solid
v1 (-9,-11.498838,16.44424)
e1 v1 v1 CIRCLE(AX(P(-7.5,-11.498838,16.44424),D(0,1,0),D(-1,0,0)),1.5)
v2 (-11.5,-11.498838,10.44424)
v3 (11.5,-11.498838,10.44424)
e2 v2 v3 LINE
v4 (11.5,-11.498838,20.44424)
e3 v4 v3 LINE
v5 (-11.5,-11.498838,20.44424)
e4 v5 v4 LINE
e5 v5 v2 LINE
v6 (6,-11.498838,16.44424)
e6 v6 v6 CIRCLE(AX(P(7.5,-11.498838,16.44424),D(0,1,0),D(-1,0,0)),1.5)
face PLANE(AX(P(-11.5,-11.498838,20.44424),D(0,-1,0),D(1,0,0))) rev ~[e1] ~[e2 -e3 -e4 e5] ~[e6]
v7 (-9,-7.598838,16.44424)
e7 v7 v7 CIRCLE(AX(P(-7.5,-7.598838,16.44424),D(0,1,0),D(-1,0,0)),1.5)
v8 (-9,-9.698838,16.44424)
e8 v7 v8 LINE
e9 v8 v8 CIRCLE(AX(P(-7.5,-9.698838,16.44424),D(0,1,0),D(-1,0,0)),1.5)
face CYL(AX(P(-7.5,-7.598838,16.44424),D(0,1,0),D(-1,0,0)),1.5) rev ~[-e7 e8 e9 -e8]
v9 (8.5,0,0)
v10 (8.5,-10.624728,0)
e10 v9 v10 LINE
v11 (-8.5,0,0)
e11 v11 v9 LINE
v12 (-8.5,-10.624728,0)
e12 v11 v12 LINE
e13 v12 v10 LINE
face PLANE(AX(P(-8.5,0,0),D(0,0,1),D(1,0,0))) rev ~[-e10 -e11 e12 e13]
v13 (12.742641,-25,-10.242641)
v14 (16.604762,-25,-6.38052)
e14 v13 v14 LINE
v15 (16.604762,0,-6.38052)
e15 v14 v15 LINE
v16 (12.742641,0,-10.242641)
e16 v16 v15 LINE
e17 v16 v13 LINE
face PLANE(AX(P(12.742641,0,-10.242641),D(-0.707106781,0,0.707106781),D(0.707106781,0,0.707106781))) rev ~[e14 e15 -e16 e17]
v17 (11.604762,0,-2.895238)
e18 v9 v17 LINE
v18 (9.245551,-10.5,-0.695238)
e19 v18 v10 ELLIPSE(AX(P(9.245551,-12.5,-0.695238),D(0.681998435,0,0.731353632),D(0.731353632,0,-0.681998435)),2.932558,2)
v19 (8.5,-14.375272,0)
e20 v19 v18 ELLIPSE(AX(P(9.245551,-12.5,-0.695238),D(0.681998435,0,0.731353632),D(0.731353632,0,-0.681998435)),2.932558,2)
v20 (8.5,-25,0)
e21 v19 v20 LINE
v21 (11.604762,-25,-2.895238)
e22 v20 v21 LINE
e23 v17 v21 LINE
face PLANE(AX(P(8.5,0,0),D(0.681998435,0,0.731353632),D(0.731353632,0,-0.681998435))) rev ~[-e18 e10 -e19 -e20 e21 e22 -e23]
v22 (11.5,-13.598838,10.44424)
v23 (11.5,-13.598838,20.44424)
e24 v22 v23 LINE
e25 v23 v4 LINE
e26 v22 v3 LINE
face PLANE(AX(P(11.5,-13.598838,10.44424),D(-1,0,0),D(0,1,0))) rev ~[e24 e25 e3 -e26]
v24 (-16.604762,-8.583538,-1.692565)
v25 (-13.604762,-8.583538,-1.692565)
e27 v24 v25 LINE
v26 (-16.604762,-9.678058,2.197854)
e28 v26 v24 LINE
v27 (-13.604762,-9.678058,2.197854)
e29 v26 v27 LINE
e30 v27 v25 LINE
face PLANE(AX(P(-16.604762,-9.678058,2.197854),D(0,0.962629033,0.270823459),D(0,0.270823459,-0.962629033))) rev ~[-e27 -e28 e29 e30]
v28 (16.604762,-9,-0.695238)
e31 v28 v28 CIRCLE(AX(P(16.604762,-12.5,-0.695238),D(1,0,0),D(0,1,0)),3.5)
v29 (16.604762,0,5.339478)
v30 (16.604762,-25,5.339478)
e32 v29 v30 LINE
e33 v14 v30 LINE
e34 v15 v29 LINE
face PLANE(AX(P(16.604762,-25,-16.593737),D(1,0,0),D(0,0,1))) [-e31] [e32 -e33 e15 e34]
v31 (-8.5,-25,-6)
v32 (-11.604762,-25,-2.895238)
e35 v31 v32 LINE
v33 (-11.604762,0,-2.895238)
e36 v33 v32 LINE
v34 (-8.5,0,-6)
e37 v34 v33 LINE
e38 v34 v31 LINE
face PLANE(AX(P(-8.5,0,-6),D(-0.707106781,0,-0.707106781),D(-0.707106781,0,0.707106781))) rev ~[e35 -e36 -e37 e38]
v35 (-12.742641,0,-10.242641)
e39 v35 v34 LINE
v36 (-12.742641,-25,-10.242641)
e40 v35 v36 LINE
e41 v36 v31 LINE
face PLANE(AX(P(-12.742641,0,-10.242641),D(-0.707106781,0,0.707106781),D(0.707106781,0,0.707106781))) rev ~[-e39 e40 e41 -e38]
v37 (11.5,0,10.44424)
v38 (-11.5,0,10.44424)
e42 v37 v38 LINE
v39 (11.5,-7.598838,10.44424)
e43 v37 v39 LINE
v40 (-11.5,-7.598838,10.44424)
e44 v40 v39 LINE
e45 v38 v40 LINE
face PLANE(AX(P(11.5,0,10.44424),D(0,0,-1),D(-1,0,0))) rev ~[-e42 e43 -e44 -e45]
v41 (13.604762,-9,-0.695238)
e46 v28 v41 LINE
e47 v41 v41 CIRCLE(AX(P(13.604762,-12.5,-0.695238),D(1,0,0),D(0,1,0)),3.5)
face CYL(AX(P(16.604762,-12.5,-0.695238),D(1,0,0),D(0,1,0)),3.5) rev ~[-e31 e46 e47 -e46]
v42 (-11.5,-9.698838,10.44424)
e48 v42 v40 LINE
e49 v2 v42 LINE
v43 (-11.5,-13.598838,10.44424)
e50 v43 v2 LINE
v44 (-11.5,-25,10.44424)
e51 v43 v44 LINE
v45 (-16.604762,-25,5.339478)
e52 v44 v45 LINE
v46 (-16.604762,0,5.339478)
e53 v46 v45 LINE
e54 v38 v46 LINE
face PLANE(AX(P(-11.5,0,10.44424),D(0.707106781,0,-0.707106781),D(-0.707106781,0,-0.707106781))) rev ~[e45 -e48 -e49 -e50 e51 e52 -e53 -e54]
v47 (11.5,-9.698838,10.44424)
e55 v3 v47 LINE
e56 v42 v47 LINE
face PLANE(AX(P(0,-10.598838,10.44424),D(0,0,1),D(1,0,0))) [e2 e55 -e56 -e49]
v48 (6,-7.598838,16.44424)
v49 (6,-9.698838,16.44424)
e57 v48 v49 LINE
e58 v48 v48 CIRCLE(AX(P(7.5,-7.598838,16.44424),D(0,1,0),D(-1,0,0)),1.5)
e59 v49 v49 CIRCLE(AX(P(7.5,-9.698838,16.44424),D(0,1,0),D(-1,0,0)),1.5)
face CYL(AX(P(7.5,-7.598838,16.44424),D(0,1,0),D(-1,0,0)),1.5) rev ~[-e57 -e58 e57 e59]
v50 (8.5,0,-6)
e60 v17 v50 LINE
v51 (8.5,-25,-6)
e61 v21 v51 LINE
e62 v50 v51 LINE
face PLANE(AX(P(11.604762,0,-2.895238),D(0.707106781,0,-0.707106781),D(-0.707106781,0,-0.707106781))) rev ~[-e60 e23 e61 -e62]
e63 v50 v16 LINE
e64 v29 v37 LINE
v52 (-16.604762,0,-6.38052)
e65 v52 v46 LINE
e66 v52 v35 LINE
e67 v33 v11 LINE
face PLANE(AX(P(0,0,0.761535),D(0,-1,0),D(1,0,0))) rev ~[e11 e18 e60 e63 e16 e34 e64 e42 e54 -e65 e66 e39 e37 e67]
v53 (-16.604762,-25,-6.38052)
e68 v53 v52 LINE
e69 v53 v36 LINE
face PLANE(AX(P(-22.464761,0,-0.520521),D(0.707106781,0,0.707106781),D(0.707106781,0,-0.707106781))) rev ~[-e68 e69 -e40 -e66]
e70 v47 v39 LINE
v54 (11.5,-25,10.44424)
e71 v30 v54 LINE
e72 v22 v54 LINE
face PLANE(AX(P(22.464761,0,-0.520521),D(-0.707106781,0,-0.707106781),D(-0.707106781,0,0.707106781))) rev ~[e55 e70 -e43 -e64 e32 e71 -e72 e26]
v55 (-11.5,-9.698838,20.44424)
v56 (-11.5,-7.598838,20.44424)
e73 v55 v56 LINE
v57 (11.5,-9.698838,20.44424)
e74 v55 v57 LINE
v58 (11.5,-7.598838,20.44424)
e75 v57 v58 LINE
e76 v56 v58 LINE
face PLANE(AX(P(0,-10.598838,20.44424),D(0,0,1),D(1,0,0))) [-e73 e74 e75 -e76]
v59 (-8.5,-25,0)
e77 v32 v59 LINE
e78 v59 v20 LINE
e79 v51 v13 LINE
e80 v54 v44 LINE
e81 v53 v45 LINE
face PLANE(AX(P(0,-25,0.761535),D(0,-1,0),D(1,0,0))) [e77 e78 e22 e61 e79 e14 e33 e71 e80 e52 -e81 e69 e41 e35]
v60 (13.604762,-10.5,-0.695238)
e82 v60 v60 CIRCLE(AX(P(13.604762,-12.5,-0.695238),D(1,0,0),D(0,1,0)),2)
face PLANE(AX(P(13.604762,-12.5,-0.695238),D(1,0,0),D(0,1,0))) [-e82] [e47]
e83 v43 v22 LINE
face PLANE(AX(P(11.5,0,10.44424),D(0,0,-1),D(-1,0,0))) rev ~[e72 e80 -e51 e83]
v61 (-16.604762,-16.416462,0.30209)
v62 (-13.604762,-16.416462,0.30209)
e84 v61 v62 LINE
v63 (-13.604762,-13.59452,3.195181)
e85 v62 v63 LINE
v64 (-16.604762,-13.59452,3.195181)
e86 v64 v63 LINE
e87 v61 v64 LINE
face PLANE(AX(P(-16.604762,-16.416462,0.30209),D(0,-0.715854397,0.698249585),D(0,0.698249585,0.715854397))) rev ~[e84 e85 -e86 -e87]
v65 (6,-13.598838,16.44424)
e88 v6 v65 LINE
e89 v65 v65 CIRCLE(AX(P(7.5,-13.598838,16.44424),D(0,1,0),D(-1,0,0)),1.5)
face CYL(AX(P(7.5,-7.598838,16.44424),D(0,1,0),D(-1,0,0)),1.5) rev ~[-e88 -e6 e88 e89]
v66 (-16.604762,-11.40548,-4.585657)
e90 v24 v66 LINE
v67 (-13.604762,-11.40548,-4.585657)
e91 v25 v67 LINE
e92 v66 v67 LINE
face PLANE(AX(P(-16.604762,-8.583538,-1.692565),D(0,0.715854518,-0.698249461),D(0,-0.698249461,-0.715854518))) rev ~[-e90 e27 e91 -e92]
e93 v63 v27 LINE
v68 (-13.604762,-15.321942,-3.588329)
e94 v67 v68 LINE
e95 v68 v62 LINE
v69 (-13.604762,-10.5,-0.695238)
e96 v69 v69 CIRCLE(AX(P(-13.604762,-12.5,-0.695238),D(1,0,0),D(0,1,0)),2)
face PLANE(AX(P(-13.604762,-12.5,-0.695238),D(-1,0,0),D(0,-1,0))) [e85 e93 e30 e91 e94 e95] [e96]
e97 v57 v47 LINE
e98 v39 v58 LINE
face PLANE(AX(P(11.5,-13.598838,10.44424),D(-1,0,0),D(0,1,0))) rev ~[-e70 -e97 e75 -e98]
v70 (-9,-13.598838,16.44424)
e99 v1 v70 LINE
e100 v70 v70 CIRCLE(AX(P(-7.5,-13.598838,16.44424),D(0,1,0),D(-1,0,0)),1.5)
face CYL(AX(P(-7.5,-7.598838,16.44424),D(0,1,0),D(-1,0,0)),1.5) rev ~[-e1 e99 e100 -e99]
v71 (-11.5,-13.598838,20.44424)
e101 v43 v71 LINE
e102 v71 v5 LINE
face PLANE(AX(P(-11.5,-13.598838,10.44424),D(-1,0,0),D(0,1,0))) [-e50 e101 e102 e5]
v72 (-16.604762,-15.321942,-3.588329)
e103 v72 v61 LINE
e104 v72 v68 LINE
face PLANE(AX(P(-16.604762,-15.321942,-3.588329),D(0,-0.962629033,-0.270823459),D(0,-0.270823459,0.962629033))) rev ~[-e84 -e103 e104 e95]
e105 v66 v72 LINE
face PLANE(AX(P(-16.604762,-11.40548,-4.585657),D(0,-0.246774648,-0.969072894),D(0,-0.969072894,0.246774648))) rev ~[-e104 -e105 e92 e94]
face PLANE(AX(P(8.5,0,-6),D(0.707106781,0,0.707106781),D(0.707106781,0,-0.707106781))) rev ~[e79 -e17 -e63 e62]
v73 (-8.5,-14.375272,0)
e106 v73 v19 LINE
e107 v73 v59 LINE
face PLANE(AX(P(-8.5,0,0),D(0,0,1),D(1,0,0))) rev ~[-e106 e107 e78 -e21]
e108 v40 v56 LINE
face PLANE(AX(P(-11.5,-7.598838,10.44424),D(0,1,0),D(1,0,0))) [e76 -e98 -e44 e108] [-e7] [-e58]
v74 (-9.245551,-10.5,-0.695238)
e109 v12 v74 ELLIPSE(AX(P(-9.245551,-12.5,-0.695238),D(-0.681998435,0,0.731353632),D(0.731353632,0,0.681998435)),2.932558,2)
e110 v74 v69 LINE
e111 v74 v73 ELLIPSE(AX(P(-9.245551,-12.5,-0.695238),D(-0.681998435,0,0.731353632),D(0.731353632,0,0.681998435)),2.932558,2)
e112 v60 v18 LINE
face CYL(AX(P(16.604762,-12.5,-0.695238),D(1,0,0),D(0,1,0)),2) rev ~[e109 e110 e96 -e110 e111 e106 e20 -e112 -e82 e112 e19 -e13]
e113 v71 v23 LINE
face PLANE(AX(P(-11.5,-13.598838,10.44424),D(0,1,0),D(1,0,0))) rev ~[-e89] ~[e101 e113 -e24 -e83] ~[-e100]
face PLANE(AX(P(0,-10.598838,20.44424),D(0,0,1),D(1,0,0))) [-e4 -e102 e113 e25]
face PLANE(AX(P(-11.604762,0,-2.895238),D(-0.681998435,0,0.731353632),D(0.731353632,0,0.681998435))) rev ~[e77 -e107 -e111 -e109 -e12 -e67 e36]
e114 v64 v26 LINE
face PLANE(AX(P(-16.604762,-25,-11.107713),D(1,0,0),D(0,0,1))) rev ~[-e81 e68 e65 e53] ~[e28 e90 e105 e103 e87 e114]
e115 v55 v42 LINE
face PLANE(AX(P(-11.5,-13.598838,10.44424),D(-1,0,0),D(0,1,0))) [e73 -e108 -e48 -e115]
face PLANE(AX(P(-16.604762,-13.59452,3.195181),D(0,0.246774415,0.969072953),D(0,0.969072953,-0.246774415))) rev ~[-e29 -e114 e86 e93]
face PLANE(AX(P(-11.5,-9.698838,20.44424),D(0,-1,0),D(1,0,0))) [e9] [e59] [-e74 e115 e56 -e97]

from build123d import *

# Parameters (mm, degrees)
F1_DEPTH  = 25
F2_W      = 7.596032
F2_H      = 21.10009
F2_W_2    = 10.268714
F2_H_2    = 30.102797
F3_DEPTH  = 25
F4_R      = 2
F5_DEPTH  = 35
F6_R      = 3.5
F7_DEPTH  = 3
F9_DEPTH  = 3
F10_W     = 23
F10_H     = 6
F11_DEPTH = 10
F12_W     = 23
F12_H     = 1.8
F13_DEPTH = 10
F14_R     = 1.5
F15_DEPTH = 25


with BuildPart() as f1:
    # F0 (on Front) → F1 (new body)
    with BuildSketch(Plane.XZ):
        Polygon((-11.604762, -2.895238), (-8.5, 0), (8.5, 0), (11.604762, -2.895238), (8.5, -6), (12.742641, -10.242641), (22.464761, -0.520521), (11.5, 10.44424), (-11.5, 10.44424), (-22.464761, -0.520521), (-12.742641, -10.242641), (-8.5, -6), align=None)
    extrude(amount=F1_DEPTH)

    # F2 (on face) → F3 (cut)
    with BuildSketch(Plane.XZ.offset(25)):
        with Locations((-20.402778, -0.557668)):
            Rectangle(F2_W, F2_H)
        with Locations((21.739119, -1.542339)):
            Rectangle(F2_W_2, F2_H_2)
    extrude(amount=-F3_DEPTH, mode=Mode.SUBTRACT)

    # F4 (on face) → F5 (cut)
    with BuildSketch(Plane.YZ.offset(16.604762)):
        with Locations((-12.5, -0.695238)):
            Circle(F4_R)
    extrude(amount=-F5_DEPTH, mode=Mode.SUBTRACT)

    # F6 (on face) → F7 (cut)
    with BuildSketch(Plane.YZ.offset(16.604762)):
        with Locations((-12.5, -0.695238)):
            Circle(F6_R)
    extrude(amount=-F7_DEPTH, mode=Mode.SUBTRACT)

    # F8 (on face) → F9 (cut)
    with BuildSketch(Plane(origin=(-16.604762, 0, 0), x_dir=(0, -1, 0), z_dir=(-1, 0, 0))):
        Polygon((15.321942, -3.588329), (16.416462, 0.30209), (13.59452, 3.195181), (9.678058, 2.197854), (8.583538, -1.692565), (11.40548, -4.585657), align=None)
    extrude(amount=-F9_DEPTH, mode=Mode.SUBTRACT)

    # F10 (on face) → F11 (join)
    with BuildSketch(Plane.XY.offset(10.44424)):
        with Locations((0, -10.598838)):
            Rectangle(F10_W, F10_H)
    extrude(amount=F11_DEPTH)

    # F12 (on face) → F13 (cut)
    with BuildSketch(Plane.XY.offset(20.44424)):
        with Locations((0, -10.598838)):
            Rectangle(F12_W, F12_H)
    extrude(amount=-F13_DEPTH, mode=Mode.SUBTRACT)

    # F14 (on face) → F15 (cut)
    with BuildSketch(Plane(origin=(0, -7.598838, 0), x_dir=(-1, 0, 0), z_dir=(0, 1, 0))):
        with Locations((-7.5, 16.44424)):
            Circle(F14_R)
        with Locations((7.5, 16.44424)):
            Circle(F14_R)
    extrude(amount=-F15_DEPTH, mode=Mode.SUBTRACT)


solid = f1.part
